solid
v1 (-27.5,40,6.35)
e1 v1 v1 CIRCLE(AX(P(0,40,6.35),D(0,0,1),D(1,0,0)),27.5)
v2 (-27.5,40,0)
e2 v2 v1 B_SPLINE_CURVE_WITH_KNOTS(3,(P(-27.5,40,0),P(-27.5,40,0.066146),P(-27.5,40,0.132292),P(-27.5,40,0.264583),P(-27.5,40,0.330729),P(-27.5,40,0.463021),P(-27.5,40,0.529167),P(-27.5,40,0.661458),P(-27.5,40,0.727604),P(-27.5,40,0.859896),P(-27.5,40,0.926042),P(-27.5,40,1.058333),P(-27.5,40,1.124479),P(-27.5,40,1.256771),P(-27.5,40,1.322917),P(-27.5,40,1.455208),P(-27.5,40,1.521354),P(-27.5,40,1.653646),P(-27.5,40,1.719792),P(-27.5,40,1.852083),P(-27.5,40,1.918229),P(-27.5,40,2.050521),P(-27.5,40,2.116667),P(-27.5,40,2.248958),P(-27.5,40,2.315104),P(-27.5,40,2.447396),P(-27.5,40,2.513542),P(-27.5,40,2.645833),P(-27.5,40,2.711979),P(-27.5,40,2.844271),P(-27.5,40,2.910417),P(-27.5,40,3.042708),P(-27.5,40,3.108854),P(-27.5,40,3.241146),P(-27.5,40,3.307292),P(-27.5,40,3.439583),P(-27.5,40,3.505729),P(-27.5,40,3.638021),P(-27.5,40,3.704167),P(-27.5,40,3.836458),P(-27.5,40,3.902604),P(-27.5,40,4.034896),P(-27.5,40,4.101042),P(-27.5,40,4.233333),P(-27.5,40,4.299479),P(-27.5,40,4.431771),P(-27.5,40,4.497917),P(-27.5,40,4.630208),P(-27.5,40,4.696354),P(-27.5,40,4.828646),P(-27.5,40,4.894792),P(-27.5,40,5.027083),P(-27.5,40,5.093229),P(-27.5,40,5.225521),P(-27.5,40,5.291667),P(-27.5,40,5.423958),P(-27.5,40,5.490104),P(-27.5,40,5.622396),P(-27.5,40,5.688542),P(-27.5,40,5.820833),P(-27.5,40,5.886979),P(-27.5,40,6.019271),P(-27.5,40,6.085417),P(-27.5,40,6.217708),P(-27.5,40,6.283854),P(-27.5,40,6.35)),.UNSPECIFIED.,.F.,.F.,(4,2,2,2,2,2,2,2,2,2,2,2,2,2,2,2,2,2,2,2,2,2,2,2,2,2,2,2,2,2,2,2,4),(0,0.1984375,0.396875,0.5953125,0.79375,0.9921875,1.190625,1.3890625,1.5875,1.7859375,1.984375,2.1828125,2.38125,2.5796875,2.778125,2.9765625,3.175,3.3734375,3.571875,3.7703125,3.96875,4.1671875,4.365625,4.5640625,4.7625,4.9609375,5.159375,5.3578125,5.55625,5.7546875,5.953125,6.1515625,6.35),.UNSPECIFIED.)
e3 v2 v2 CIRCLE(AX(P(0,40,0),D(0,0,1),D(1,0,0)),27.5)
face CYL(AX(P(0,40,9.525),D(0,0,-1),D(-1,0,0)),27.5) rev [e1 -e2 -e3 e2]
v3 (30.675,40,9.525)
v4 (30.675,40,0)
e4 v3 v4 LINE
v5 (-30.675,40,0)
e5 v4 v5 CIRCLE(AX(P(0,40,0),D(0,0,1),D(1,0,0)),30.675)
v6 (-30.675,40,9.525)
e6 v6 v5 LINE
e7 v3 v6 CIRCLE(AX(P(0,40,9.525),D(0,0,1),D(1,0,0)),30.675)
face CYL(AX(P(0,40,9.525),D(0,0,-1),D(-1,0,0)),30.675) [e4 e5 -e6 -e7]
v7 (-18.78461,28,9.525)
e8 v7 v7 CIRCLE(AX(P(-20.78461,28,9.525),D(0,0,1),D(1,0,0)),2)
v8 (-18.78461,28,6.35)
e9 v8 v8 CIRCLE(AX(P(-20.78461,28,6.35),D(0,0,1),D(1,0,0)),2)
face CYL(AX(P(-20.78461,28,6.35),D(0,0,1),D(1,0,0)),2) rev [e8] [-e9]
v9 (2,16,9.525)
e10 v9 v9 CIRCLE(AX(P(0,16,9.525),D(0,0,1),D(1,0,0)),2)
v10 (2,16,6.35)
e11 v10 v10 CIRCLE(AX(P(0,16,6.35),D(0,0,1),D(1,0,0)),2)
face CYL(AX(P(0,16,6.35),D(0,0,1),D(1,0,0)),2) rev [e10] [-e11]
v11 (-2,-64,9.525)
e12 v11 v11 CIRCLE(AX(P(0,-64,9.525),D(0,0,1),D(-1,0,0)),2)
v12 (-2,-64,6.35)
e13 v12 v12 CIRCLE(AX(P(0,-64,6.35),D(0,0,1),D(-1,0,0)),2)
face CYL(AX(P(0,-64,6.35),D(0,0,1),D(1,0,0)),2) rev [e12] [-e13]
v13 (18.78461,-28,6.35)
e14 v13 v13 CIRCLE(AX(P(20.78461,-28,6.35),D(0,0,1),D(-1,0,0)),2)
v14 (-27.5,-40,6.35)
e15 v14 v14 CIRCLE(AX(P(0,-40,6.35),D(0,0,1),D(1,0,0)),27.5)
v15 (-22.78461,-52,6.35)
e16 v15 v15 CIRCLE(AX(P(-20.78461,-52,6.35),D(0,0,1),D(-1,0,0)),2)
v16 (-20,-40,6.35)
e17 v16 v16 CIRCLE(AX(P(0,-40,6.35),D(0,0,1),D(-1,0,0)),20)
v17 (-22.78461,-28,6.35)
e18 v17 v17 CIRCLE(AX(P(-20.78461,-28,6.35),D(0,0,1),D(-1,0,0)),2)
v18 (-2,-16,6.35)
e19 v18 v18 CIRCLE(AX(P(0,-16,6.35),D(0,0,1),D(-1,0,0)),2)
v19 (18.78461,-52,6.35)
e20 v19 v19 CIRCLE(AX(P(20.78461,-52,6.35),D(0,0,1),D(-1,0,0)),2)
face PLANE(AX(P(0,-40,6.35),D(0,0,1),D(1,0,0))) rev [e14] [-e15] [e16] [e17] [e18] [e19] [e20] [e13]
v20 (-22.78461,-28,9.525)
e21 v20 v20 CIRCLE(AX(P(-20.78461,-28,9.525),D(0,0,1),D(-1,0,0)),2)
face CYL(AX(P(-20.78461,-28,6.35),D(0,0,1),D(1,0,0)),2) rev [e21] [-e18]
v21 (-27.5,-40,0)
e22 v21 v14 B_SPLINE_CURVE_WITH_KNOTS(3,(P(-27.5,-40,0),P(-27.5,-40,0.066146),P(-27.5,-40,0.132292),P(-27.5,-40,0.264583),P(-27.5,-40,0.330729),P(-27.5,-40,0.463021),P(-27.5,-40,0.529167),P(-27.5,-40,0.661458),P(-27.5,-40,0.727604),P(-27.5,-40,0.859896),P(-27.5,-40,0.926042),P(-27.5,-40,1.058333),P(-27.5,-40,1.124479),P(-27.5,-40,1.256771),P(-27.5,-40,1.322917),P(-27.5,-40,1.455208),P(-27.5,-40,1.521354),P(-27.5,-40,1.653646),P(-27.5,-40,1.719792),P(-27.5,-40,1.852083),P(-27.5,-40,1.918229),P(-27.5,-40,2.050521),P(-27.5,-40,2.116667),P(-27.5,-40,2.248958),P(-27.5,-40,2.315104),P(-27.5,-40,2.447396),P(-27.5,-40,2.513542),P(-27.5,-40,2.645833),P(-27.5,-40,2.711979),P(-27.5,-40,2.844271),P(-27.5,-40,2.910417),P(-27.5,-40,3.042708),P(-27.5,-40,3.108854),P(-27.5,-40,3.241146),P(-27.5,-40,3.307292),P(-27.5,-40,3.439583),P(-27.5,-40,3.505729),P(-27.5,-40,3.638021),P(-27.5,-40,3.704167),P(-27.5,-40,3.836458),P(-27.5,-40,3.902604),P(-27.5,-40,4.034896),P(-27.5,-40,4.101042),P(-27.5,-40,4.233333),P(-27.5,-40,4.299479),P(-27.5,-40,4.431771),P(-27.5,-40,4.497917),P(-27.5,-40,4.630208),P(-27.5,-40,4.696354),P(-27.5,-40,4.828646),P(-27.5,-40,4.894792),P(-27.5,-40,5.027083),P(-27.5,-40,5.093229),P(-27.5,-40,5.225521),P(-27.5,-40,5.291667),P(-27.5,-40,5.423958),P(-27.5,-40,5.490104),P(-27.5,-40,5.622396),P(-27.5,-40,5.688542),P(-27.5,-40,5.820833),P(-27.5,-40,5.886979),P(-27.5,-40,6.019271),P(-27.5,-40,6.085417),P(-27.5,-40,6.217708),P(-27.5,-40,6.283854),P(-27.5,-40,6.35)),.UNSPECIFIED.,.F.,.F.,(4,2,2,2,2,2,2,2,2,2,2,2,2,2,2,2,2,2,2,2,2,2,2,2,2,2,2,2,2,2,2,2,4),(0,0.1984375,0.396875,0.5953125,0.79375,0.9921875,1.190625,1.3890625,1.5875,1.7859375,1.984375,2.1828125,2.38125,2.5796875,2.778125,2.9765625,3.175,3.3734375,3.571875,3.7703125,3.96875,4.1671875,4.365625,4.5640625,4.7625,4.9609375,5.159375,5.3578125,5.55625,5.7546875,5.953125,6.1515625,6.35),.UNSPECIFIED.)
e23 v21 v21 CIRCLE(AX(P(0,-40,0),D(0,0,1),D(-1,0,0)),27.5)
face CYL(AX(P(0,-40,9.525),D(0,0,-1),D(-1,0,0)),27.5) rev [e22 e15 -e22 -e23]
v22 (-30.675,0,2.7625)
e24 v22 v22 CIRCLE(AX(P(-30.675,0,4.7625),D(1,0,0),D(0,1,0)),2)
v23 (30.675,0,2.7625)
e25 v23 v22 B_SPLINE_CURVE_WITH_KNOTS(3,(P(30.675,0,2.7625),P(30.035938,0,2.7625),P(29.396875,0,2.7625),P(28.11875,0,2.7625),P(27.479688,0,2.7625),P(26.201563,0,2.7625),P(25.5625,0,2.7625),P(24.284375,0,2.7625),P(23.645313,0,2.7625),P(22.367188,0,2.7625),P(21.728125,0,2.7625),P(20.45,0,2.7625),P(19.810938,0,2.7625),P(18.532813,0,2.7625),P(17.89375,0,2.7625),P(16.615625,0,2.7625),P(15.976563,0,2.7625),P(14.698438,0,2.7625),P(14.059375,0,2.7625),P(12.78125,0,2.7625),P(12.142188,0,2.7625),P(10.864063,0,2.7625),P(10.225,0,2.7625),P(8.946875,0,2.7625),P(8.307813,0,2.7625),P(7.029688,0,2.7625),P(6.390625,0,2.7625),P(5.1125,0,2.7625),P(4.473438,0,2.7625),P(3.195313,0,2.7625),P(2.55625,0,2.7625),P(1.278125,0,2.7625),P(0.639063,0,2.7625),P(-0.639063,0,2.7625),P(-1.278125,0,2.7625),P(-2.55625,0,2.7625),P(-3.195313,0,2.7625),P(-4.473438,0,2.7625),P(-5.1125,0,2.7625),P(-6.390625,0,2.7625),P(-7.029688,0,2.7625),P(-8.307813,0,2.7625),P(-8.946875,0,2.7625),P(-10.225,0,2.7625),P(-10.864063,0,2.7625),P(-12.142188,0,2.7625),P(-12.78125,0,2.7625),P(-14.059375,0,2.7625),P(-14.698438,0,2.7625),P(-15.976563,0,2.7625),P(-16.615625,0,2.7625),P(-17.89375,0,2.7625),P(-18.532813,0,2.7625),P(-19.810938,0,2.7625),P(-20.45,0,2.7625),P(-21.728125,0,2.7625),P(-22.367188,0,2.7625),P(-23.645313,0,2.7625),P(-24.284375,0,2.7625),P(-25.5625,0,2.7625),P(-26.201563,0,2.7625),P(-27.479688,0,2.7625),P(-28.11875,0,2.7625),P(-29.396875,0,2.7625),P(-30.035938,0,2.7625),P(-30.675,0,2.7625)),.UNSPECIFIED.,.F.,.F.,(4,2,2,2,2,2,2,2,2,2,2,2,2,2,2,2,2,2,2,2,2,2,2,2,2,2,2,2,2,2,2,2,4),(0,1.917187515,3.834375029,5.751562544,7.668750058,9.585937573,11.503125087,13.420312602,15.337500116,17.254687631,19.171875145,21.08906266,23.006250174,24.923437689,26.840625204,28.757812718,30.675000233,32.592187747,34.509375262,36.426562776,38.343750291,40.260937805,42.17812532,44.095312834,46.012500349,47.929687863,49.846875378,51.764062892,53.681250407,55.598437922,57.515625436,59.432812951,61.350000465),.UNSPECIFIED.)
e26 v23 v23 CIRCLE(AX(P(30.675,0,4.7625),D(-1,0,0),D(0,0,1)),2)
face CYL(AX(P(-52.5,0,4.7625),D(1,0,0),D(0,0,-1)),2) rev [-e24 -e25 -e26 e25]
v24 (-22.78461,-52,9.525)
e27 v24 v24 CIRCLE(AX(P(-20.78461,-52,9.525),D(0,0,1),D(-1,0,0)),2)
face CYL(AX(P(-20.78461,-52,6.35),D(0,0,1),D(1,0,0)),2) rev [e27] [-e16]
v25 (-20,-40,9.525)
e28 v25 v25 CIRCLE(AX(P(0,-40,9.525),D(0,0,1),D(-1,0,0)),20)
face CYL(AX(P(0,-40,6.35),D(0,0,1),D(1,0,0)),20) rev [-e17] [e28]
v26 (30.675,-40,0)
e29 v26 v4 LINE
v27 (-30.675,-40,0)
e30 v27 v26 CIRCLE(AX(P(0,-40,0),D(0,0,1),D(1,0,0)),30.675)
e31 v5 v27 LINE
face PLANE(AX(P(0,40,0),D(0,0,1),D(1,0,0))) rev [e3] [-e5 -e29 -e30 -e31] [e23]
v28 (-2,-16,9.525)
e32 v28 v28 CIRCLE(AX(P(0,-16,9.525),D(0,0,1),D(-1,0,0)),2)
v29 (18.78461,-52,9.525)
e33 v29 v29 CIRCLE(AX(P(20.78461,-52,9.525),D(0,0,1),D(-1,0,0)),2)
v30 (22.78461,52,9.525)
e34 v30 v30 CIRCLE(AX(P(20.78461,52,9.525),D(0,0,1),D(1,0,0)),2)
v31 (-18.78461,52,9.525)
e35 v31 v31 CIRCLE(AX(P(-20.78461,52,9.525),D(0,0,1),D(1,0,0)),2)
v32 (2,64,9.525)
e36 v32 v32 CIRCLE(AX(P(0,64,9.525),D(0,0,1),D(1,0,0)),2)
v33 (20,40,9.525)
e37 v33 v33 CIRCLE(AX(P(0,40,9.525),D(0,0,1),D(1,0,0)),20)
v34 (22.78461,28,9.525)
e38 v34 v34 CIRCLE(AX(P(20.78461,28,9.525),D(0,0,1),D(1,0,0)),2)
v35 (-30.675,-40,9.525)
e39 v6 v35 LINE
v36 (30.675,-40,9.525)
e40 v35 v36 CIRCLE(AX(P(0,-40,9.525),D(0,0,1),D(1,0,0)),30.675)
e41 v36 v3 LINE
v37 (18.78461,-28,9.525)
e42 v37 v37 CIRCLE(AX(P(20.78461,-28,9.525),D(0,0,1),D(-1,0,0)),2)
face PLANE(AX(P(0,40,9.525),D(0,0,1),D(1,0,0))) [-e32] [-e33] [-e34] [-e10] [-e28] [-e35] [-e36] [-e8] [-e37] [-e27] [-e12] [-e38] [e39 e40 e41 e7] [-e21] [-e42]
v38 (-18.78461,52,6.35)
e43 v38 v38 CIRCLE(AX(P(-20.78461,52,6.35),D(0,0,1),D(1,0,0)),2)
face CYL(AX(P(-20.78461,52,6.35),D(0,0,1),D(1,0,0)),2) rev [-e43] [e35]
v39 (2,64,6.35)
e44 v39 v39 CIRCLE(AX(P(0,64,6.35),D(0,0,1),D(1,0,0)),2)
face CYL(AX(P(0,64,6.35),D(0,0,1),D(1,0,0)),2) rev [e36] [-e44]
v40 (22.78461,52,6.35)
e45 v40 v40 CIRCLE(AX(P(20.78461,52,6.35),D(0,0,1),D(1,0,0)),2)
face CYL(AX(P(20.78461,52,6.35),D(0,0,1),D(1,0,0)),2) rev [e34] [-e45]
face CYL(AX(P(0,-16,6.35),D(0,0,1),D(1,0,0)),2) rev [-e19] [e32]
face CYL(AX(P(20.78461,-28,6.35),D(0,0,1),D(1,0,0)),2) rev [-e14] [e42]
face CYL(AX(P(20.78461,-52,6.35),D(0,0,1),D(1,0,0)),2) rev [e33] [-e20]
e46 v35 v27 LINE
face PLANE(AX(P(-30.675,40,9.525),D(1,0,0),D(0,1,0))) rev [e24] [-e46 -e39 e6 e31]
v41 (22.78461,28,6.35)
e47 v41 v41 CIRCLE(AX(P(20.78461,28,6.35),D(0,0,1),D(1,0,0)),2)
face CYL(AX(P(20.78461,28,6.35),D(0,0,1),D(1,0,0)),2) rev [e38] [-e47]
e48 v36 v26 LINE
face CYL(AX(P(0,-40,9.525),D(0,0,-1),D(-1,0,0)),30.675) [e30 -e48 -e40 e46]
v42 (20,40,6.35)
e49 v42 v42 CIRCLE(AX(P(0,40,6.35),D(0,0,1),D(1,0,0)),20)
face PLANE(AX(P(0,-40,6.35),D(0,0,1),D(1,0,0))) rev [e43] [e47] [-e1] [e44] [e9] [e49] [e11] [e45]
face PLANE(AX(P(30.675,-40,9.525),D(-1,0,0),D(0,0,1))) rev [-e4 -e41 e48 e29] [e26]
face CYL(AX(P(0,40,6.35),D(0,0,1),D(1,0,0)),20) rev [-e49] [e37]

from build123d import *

# Parameters (mm, degrees)
SKETCH1_R           = 27.5
BOSS_EXTRUDE1_DEPTH = 9.525
BOSS_EXTRUDE2_START = -3.175
SKETCH2_R           = 20
SKETCH2_R_2         = 2
BOSS_EXTRUDE2_DEPTH = 3.175
SKETCH8_R           = 2
CUT_EXTRUDE6_DEPTH  = 52.5


with BuildPart() as part:
    # Sketch1 → Boss-Extrude1 (new body)
    with BuildSketch(Plane.XY):
        with BuildLine():
            Line((-30.675000233, 40), (-30.675000233, -40))
            ThreePointArc((-30.675000233, -40), (0, -70.675000233), (30.675000233, -40))
            Line((30.675000233, -40), (30.675000233, 40))
            ThreePointArc((30.675000233, 40), (0, 70.675000233), (-30.675000233, 40))
        make_face()
        with Locations(Location((0, 40, 0), (0, 0, 180))):
            Circle(SKETCH1_R, mode=Mode.SUBTRACT)
        with Locations(Location((0, -40, 0), (0, 0, 180))):
            Circle(SKETCH1_R, mode=Mode.SUBTRACT)
    extrude(amount=BOSS_EXTRUDE1_DEPTH)

    # Sketch2 → Boss-Extrude2 (add)
    with BuildSketch(Plane.XY.offset(9.525).offset(BOSS_EXTRUDE2_START)):
        with BuildLine():
            Line((-30.675000233, 40), (-30.675000233, -40))
            ThreePointArc((-30.675000233, -40), (0, -70.675000233), (30.675000233, -40))
            Line((30.675000233, -40), (30.675000233, 40))
            ThreePointArc((30.675000233, 40), (0, 70.675000233), (-30.675000233, 40))
        make_face()
        with Locations((0, 40)):
            Circle(SKETCH2_R, mode=Mode.SUBTRACT)
        with Locations((0, 64)):
            Circle(SKETCH2_R_2, mode=Mode.SUBTRACT)
        with Locations((20.784609691, 52)):
            Circle(SKETCH2_R_2, mode=Mode.SUBTRACT)
        with Locations((20.784609691, 28)):
            Circle(SKETCH2_R_2, mode=Mode.SUBTRACT)
        with Locations((0, 16)):
            Circle(SKETCH2_R_2, mode=Mode.SUBTRACT)
        with Locations((-20.784609691, 28)):
            Circle(SKETCH2_R_2, mode=Mode.SUBTRACT)
        with Locations((-20.784609691, 52)):
            Circle(SKETCH2_R_2, mode=Mode.SUBTRACT)
        with Locations(Location((-20.784609691, -52, 0), (0, 0, 180))):
            Circle(SKETCH2_R_2, mode=Mode.SUBTRACT)
        with Locations(Location((-20.784609691, -28, 0), (0, 0, 180))):
            Circle(SKETCH2_R_2, mode=Mode.SUBTRACT)
        with Locations(Location((0, -16, 0), (0, 0, 180))):
            Circle(SKETCH2_R_2, mode=Mode.SUBTRACT)
        with Locations(Location((20.784609691, -28, 0), (0, 0, 180))):
            Circle(SKETCH2_R_2, mode=Mode.SUBTRACT)
        with Locations(Location((20.784609691, -52, 0), (0, 0, 180))):
            Circle(SKETCH2_R_2, mode=Mode.SUBTRACT)
        with Locations(Location((0, -64, 0), (0, 0, 180))):
            Circle(SKETCH2_R_2, mode=Mode.SUBTRACT)
        with Locations(Location((0, -40, 0), (0, 0, 180))):
            Circle(SKETCH2_R, mode=Mode.SUBTRACT)
    extrude(amount=BOSS_EXTRUDE2_DEPTH)

    # Sketch8 → Cut-Extrude6 (cut, symmetric)
    with BuildSketch(Plane(origin=(0, 0, 0), x_dir=(0, 0, -1), z_dir=(1, 0, 0))):
        with Locations((-4.7625, 0)):
            Circle(SKETCH8_R)
    extrude(amount=CUT_EXTRUDE6_DEPTH, both=True, mode=Mode.SUBTRACT)


solid = part.part
